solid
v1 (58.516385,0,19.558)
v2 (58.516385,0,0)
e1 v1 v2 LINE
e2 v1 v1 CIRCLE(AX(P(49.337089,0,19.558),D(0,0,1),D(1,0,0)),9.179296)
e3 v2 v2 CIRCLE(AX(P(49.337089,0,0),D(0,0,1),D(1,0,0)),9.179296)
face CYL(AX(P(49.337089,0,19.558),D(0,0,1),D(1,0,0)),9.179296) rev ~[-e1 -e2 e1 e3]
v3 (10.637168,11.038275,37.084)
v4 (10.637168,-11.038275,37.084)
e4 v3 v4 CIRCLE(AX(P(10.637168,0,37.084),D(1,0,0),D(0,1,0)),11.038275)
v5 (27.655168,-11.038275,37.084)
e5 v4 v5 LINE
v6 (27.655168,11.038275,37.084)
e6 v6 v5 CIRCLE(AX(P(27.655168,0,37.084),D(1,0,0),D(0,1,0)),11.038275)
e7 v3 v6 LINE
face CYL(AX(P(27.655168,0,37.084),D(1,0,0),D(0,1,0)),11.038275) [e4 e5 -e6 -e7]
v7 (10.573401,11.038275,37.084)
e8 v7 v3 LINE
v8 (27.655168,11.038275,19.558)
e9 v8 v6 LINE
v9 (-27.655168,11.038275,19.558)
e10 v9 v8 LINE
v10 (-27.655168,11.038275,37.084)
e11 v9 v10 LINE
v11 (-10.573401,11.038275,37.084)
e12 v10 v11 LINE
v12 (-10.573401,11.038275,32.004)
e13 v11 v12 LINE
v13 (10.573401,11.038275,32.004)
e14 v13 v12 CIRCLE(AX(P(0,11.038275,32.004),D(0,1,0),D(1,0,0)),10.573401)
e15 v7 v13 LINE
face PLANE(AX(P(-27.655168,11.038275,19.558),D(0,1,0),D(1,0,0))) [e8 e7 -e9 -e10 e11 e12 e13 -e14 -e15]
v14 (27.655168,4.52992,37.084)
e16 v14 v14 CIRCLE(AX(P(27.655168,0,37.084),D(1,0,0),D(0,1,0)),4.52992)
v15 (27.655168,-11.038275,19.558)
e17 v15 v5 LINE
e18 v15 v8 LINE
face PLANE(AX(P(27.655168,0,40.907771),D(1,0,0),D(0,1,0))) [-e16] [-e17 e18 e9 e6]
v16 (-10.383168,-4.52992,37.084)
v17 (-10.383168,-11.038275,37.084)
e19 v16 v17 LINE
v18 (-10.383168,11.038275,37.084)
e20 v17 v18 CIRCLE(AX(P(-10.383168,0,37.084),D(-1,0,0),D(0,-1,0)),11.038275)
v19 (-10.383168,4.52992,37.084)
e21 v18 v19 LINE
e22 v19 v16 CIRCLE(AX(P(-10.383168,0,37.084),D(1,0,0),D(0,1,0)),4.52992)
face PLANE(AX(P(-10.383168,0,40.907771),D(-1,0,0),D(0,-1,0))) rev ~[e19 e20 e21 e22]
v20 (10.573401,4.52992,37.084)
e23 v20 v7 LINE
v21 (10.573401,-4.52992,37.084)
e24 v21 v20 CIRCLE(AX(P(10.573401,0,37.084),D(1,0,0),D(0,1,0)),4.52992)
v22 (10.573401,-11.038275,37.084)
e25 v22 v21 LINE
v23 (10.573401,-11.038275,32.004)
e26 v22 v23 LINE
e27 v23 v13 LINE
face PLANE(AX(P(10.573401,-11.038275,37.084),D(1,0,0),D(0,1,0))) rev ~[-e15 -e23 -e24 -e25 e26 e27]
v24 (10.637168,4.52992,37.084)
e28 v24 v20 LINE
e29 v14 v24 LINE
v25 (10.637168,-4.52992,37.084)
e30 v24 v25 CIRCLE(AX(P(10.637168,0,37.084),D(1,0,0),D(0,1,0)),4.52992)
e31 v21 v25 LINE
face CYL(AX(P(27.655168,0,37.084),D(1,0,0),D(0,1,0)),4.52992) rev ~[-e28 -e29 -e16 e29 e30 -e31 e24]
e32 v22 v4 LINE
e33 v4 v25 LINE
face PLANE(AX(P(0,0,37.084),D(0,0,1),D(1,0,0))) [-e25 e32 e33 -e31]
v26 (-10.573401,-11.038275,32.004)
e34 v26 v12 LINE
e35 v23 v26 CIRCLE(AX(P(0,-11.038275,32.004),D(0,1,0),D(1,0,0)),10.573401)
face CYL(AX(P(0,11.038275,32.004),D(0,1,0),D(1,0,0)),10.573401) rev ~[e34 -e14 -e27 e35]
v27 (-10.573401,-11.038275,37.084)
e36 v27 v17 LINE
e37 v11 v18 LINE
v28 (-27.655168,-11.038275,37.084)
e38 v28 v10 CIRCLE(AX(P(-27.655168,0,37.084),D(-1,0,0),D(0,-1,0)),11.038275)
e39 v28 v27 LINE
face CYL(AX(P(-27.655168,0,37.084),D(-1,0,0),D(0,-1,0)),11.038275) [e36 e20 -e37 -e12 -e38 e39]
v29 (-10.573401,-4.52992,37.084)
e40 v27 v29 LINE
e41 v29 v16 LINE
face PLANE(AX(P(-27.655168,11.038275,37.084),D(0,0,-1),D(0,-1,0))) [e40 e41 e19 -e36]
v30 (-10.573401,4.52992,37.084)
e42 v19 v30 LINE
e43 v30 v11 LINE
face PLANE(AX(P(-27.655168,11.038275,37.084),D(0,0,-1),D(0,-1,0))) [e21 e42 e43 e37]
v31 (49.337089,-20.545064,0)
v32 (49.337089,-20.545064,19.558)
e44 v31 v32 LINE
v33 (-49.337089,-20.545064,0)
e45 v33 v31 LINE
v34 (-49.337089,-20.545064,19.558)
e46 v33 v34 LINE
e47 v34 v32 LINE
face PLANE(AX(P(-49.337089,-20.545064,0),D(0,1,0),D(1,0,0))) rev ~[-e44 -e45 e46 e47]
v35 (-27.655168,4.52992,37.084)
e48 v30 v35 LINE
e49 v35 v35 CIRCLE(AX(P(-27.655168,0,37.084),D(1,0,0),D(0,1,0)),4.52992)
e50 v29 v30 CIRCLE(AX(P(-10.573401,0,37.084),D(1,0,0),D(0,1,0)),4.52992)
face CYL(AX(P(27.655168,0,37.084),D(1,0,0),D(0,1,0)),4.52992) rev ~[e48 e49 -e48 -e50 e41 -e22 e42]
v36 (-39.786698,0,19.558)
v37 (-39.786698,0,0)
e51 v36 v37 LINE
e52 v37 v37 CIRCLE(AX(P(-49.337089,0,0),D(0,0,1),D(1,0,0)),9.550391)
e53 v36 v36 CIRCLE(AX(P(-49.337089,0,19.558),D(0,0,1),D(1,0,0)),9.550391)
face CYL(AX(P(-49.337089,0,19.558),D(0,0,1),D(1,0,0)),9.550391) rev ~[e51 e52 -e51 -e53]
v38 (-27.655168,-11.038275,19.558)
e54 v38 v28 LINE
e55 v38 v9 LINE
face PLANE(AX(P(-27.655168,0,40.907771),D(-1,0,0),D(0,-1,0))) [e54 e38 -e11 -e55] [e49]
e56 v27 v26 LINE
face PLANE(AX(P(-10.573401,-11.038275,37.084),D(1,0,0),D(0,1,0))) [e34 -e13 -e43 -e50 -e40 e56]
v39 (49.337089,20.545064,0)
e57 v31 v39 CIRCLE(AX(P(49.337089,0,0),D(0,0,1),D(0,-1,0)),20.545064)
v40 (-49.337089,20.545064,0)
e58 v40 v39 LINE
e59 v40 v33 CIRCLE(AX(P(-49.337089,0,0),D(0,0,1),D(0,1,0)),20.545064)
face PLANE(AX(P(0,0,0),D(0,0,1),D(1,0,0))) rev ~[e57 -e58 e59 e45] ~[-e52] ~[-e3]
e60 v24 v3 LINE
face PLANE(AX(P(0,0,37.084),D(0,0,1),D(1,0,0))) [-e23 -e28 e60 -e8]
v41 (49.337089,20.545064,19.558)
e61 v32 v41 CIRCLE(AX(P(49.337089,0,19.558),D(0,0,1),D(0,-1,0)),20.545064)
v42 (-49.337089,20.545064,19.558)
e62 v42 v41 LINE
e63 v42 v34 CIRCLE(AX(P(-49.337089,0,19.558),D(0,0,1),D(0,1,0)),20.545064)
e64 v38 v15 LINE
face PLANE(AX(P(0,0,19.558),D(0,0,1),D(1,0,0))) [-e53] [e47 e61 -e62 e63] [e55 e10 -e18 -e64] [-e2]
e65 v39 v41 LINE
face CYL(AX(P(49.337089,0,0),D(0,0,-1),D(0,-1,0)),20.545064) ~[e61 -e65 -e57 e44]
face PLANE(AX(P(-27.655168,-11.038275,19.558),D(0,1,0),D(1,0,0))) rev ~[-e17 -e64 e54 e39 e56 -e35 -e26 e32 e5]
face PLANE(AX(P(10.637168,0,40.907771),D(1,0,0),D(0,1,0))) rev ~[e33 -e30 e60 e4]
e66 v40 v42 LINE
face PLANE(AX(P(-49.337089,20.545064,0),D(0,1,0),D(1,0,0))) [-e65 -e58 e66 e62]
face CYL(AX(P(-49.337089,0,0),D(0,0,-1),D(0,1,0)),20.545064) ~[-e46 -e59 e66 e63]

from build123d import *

# Parameters (mm, degrees)
F0_W      = 98.6741781235
F0_H      = 41.0901270807
F1_DEPTH  = 19.558
F2_R      = 9.1792961358
F2_R_2    = 9.5503911514
F3_DEPTH  = 38.354
F4_W      = 55.3103350103
F4_H      = 22.0765508711
F5_DEPTH  = 17.526
F6_W      = 21.1468022317
F6_H      = 22.0765508711
F7_DEPTH  = 5.08
F9_DEPTH  = 159.766
F11_DEPTH = 17.018
F13_DEPTH = 17.272
F14_R     = 4.5299196653
F15_DEPTH = 118.872


with BuildPart() as f1:
    # F0 (on Top) → F1 (new body)
    with BuildSketch(Plane.XY):
        Rectangle(F0_W, F0_H)
        with BuildLine():
            ThreePointArc((49.3370890617, -20.5450635403), (69.8821526021, 0), (49.3370890617, 20.5450635403))
            Line((49.3370890617, 20.5450635403), (49.3370890617, -20.5450635403))
        make_face()
        with BuildLine():
            Line((-49.3370890617, -20.5450635403), (-49.3370890617, 20.5450635403))
            ThreePointArc((-49.3370890617, 20.5450635403), (-69.8821526021, 0), (-49.3370890617, -20.5450635403))
        make_face()
    extrude(amount=F1_DEPTH)

    # F2 (on face) → F3 (cut)
    with BuildSketch(Plane.XY.offset(19.558)):
        with Locations((49.3370890617, 0)):
            Circle(F2_R)
        with Locations((-49.3370890617, 0)):
            Circle(F2_R_2)
    extrude(amount=-F3_DEPTH, mode=Mode.SUBTRACT)

    # F4 (on face) → F5 (join)
    with BuildSketch(Plane.XY.offset(19.558)):
        Rectangle(F4_W, F4_H)
    extrude(amount=F5_DEPTH)

    # F6 (on face) → F7 (cut)
    with BuildSketch(Plane.XY.offset(37.084)):
        Rectangle(F6_W, F6_H)
    extrude(amount=-F7_DEPTH, mode=Mode.SUBTRACT)

    # F8 (on face) → F9 (cut)
    with BuildSketch(Plane(origin=(0, 11.0382754356, 0), x_dir=(-1, 0, 0), z_dir=(0, 1, 0))):
        with BuildLine():
            Line((10.5734011158, 32.004), (-10.5734011158, 32.004))
            ThreePointArc((-10.5734011158, 32.004), (0, 21.4305988842), (10.5734011158, 32.004))
        make_face()
    extrude(amount=-F9_DEPTH, mode=Mode.SUBTRACT)

    # F10 (on face) → F11 (join)
    with BuildSketch(Plane.YZ.offset(27.6551675051)):
        with BuildLine():
            Line((-11.0382754356, 37.084), (11.0382754356, 37.084))
            ThreePointArc((11.0382754356, 37.084), (0, 48.1222754356), (-11.0382754356, 37.084))
        make_face()
    extrude(amount=-F11_DEPTH)

    # F12 (on face) → F13 (join)
    with BuildSketch(Plane(origin=(-27.6551675051, 0, 0), x_dir=(0, -1, 0), z_dir=(-1, 0, 0))):
        with BuildLine():
            Line((-11.0382754356, 37.084), (11.0382754356, 37.084))
            ThreePointArc((11.0382754356, 37.084), (0, 48.1222754356), (-11.0382754356, 37.084))
        make_face()
    extrude(amount=-F13_DEPTH)

    # F14 (on face) → F15 (cut)
    with BuildSketch(Plane.YZ.offset(27.6551675051)):
        with Locations((0, 37.084)):
            Circle(F14_R)
    extrude(amount=-F15_DEPTH, mode=Mode.SUBTRACT)


solid = f1.part
